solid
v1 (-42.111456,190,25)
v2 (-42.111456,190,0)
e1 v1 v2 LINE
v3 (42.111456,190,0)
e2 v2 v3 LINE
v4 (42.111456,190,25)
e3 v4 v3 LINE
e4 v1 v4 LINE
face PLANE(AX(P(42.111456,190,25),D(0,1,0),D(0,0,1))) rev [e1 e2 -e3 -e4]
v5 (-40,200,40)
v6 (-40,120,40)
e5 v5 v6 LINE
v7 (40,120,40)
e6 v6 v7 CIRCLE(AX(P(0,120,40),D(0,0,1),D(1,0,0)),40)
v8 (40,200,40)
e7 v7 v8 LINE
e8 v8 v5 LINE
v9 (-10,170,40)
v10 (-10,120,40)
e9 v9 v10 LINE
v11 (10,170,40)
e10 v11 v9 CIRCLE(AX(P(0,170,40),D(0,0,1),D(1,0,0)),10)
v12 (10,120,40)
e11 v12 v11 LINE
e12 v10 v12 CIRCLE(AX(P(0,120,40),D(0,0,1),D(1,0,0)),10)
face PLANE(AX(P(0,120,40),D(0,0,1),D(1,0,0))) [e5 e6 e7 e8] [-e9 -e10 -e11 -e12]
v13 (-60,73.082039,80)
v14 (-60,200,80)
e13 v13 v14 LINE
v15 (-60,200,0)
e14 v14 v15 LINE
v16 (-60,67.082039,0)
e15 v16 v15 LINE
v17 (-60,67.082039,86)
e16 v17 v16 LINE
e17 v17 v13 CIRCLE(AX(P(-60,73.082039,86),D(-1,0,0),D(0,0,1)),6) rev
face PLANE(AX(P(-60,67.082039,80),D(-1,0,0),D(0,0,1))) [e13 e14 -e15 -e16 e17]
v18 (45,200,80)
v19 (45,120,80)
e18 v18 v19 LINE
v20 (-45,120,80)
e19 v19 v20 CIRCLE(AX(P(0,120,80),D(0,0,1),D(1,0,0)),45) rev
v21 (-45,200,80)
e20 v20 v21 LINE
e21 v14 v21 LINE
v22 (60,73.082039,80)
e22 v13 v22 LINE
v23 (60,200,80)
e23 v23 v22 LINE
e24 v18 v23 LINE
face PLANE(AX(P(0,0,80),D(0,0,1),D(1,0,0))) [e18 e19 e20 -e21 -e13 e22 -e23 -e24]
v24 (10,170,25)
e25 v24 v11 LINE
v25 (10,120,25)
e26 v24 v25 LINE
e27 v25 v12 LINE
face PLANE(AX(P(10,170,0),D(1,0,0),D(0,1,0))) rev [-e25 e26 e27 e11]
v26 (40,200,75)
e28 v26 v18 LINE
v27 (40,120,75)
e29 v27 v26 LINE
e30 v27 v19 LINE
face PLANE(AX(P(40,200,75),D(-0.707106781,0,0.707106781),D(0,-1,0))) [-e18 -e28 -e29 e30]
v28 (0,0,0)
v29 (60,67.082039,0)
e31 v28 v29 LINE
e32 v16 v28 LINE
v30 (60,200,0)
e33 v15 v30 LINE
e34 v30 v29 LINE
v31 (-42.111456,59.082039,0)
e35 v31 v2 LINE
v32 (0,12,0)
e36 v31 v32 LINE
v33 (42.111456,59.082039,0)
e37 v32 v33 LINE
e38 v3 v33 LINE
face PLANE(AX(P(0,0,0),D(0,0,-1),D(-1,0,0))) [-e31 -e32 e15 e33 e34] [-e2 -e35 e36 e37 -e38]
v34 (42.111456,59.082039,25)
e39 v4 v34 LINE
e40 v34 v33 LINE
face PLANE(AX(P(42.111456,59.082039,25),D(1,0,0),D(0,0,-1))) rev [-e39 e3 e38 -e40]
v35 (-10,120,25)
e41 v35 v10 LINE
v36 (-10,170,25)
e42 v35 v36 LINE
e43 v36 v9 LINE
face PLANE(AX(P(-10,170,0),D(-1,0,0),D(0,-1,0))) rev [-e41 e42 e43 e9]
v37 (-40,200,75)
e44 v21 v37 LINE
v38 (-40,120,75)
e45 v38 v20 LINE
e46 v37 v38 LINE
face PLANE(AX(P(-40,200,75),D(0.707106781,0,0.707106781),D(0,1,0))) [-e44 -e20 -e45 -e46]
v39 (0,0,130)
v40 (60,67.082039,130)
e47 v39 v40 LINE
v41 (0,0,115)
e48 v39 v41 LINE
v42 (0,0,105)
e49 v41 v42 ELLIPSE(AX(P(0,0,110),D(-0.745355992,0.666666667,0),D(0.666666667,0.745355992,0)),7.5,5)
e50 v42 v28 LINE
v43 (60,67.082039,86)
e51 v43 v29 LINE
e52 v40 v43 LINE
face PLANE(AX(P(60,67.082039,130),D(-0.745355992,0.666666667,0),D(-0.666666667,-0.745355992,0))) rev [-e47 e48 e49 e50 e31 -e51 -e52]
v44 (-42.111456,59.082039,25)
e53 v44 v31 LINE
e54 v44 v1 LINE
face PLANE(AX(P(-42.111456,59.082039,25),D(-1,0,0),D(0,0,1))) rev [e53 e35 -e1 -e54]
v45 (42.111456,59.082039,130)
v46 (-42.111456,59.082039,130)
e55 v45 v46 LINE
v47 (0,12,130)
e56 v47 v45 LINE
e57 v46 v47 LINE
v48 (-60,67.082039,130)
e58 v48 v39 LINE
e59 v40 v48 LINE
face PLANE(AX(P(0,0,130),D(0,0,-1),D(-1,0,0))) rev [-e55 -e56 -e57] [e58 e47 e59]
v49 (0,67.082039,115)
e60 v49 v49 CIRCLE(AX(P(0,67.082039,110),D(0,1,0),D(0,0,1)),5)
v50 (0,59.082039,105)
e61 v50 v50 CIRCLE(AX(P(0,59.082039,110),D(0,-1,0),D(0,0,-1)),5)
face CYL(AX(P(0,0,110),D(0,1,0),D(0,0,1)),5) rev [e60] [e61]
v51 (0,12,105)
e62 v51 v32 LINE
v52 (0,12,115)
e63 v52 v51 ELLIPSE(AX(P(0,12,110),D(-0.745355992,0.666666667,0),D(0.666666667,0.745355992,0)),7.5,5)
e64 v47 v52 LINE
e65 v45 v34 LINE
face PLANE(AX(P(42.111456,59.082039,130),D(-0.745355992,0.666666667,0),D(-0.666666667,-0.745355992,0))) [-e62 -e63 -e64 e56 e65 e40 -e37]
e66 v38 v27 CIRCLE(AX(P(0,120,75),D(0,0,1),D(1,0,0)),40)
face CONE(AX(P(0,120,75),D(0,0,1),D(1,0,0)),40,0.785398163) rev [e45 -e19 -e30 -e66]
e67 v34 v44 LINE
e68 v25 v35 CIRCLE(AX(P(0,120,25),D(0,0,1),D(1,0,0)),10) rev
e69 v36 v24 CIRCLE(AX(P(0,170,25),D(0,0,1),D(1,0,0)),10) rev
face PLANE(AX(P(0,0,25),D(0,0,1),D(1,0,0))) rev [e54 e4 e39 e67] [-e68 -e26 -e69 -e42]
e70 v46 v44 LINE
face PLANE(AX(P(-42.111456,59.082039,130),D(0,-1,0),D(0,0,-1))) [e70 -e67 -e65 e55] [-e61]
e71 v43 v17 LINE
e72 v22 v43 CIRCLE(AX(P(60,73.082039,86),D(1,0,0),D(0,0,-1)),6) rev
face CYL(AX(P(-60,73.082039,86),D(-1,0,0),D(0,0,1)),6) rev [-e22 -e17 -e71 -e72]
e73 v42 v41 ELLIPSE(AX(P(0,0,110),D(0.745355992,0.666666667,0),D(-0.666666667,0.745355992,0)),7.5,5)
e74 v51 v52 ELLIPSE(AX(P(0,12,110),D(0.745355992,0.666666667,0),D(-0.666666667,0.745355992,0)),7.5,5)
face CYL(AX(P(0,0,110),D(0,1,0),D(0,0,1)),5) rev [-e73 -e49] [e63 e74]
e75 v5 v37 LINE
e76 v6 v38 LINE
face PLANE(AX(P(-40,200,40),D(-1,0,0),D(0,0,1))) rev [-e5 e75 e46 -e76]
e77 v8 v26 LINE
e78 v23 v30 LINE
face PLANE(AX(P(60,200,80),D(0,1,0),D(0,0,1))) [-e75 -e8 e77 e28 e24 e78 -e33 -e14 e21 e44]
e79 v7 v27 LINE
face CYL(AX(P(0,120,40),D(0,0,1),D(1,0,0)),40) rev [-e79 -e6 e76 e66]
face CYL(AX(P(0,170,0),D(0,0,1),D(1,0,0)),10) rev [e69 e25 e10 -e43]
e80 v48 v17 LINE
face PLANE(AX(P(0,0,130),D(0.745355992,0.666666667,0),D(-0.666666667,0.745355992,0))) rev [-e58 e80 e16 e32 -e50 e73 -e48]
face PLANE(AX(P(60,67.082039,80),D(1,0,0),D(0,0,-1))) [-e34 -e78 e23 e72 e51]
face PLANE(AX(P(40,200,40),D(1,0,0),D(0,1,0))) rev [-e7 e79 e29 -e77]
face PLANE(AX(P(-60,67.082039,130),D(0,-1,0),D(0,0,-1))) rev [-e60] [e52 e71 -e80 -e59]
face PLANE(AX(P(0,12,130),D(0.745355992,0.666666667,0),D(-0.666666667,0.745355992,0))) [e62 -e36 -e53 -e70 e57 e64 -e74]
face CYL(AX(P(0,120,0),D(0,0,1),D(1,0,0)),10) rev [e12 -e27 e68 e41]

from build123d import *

# Parameters (mm, degrees)
BOSS_EXTRUDE1_DEPTH = 130
SKETCH2_W           = 120
SKETCH2_H           = 132.917960675
BOSS_EXTRUDE2_DEPTH = 80
SKETCH3_R           = 5
CUT_EXTRUDE1_DEPTH  = 68.082039325
CUT_EXTRUDE3_DEPTH  = 40
CHAMFER1_SIZE       = 5
FILLET1_R           = 6
CUT_EXTRUDE4_DEPTH  = 41
SKETCH6_W           = 84.22291236
SKETCH6_H           = 130.917960675
CUT_EXTRUDE5_DEPTH  = 25


with BuildPart() as part:
    # Sketch1 → Boss-Extrude1 (new body)
    with BuildSketch(Plane.XY):
        Polygon((0, 0), (-60, 67.082039325), (60, 67.082039325), align=None)
        Polygon((0, 12), (-42.11145618, 59.082039325), (42.11145618, 59.082039325), align=None, mode=Mode.SUBTRACT)
    extrude(amount=BOSS_EXTRUDE1_DEPTH)

    # Sketch2 → Boss-Extrude2 (add)
    with BuildSketch(Plane(origin=(0, 0, 0), x_dir=(-1, 0, 0), z_dir=(0, 0, -1))):
        with Locations((0, 133.541019662)):
            Rectangle(SKETCH2_W, SKETCH2_H)
    extrude(amount=-BOSS_EXTRUDE2_DEPTH)

    # Sketch3 → Cut-Extrude1 (cut, through all)
    with BuildSketch(Plane(origin=(0, 67.082039325, 0), x_dir=(1, 0, 0), z_dir=(0, 1, 0))):
        with Locations((0, -110)):
            Circle(SKETCH3_R)
    extrude(amount=-CUT_EXTRUDE1_DEPTH, mode=Mode.SUBTRACT)

    # Sketch4 → Cut-Extrude3 (cut)
    with BuildSketch(Plane.XY.offset(80)):
        with BuildLine():
            Line((-40, 200), (-40, 120))
            ThreePointArc((-40, 120), (0, 80), (40, 120))
            Line((40, 120), (40, 200))
            Line((40, 200), (-40, 200))
        make_face()
    extrude(amount=-CUT_EXTRUDE3_DEPTH, mode=Mode.SUBTRACT)

    # Chamfer1
    chamfer1_edges = [part.edges().sort_by_distance(p)[0] for p in [
        (-40, 160, 80),
        (0, 80, 80),
        (40, 160, 80),
    ]]
    chamfer(chamfer1_edges, length=CHAMFER1_SIZE)

    # Fillet1
    fillet1_edges = [part.edges().sort_by_distance(p)[0] for p in [
        (0, 67.082039325, 80),
    ]]
    fillet(fillet1_edges, radius=FILLET1_R)

    # Sketch5 → Cut-Extrude4 (cut, through all)
    with BuildSketch(Plane.XY.offset(40)):
        with BuildLine():
            Line((10, 170), (10, 120))
            ThreePointArc((10, 120), (0, 110), (-10, 120))
            Line((-10, 120), (-10, 170))
            ThreePointArc((-10, 170), (0, 180), (10, 170))
        make_face()
    extrude(amount=-CUT_EXTRUDE4_DEPTH, mode=Mode.SUBTRACT)

    # Sketch6 → Cut-Extrude5 (cut)
    with BuildSketch(Plane(origin=(0, 0, 0), x_dir=(-1, 0, 0), z_dir=(0, 0, -1))):
        with Locations((0, 124.541019663)):
            Rectangle(SKETCH6_W, SKETCH6_H)
    extrude(amount=-CUT_EXTRUDE5_DEPTH, mode=Mode.SUBTRACT)


solid = part.part
